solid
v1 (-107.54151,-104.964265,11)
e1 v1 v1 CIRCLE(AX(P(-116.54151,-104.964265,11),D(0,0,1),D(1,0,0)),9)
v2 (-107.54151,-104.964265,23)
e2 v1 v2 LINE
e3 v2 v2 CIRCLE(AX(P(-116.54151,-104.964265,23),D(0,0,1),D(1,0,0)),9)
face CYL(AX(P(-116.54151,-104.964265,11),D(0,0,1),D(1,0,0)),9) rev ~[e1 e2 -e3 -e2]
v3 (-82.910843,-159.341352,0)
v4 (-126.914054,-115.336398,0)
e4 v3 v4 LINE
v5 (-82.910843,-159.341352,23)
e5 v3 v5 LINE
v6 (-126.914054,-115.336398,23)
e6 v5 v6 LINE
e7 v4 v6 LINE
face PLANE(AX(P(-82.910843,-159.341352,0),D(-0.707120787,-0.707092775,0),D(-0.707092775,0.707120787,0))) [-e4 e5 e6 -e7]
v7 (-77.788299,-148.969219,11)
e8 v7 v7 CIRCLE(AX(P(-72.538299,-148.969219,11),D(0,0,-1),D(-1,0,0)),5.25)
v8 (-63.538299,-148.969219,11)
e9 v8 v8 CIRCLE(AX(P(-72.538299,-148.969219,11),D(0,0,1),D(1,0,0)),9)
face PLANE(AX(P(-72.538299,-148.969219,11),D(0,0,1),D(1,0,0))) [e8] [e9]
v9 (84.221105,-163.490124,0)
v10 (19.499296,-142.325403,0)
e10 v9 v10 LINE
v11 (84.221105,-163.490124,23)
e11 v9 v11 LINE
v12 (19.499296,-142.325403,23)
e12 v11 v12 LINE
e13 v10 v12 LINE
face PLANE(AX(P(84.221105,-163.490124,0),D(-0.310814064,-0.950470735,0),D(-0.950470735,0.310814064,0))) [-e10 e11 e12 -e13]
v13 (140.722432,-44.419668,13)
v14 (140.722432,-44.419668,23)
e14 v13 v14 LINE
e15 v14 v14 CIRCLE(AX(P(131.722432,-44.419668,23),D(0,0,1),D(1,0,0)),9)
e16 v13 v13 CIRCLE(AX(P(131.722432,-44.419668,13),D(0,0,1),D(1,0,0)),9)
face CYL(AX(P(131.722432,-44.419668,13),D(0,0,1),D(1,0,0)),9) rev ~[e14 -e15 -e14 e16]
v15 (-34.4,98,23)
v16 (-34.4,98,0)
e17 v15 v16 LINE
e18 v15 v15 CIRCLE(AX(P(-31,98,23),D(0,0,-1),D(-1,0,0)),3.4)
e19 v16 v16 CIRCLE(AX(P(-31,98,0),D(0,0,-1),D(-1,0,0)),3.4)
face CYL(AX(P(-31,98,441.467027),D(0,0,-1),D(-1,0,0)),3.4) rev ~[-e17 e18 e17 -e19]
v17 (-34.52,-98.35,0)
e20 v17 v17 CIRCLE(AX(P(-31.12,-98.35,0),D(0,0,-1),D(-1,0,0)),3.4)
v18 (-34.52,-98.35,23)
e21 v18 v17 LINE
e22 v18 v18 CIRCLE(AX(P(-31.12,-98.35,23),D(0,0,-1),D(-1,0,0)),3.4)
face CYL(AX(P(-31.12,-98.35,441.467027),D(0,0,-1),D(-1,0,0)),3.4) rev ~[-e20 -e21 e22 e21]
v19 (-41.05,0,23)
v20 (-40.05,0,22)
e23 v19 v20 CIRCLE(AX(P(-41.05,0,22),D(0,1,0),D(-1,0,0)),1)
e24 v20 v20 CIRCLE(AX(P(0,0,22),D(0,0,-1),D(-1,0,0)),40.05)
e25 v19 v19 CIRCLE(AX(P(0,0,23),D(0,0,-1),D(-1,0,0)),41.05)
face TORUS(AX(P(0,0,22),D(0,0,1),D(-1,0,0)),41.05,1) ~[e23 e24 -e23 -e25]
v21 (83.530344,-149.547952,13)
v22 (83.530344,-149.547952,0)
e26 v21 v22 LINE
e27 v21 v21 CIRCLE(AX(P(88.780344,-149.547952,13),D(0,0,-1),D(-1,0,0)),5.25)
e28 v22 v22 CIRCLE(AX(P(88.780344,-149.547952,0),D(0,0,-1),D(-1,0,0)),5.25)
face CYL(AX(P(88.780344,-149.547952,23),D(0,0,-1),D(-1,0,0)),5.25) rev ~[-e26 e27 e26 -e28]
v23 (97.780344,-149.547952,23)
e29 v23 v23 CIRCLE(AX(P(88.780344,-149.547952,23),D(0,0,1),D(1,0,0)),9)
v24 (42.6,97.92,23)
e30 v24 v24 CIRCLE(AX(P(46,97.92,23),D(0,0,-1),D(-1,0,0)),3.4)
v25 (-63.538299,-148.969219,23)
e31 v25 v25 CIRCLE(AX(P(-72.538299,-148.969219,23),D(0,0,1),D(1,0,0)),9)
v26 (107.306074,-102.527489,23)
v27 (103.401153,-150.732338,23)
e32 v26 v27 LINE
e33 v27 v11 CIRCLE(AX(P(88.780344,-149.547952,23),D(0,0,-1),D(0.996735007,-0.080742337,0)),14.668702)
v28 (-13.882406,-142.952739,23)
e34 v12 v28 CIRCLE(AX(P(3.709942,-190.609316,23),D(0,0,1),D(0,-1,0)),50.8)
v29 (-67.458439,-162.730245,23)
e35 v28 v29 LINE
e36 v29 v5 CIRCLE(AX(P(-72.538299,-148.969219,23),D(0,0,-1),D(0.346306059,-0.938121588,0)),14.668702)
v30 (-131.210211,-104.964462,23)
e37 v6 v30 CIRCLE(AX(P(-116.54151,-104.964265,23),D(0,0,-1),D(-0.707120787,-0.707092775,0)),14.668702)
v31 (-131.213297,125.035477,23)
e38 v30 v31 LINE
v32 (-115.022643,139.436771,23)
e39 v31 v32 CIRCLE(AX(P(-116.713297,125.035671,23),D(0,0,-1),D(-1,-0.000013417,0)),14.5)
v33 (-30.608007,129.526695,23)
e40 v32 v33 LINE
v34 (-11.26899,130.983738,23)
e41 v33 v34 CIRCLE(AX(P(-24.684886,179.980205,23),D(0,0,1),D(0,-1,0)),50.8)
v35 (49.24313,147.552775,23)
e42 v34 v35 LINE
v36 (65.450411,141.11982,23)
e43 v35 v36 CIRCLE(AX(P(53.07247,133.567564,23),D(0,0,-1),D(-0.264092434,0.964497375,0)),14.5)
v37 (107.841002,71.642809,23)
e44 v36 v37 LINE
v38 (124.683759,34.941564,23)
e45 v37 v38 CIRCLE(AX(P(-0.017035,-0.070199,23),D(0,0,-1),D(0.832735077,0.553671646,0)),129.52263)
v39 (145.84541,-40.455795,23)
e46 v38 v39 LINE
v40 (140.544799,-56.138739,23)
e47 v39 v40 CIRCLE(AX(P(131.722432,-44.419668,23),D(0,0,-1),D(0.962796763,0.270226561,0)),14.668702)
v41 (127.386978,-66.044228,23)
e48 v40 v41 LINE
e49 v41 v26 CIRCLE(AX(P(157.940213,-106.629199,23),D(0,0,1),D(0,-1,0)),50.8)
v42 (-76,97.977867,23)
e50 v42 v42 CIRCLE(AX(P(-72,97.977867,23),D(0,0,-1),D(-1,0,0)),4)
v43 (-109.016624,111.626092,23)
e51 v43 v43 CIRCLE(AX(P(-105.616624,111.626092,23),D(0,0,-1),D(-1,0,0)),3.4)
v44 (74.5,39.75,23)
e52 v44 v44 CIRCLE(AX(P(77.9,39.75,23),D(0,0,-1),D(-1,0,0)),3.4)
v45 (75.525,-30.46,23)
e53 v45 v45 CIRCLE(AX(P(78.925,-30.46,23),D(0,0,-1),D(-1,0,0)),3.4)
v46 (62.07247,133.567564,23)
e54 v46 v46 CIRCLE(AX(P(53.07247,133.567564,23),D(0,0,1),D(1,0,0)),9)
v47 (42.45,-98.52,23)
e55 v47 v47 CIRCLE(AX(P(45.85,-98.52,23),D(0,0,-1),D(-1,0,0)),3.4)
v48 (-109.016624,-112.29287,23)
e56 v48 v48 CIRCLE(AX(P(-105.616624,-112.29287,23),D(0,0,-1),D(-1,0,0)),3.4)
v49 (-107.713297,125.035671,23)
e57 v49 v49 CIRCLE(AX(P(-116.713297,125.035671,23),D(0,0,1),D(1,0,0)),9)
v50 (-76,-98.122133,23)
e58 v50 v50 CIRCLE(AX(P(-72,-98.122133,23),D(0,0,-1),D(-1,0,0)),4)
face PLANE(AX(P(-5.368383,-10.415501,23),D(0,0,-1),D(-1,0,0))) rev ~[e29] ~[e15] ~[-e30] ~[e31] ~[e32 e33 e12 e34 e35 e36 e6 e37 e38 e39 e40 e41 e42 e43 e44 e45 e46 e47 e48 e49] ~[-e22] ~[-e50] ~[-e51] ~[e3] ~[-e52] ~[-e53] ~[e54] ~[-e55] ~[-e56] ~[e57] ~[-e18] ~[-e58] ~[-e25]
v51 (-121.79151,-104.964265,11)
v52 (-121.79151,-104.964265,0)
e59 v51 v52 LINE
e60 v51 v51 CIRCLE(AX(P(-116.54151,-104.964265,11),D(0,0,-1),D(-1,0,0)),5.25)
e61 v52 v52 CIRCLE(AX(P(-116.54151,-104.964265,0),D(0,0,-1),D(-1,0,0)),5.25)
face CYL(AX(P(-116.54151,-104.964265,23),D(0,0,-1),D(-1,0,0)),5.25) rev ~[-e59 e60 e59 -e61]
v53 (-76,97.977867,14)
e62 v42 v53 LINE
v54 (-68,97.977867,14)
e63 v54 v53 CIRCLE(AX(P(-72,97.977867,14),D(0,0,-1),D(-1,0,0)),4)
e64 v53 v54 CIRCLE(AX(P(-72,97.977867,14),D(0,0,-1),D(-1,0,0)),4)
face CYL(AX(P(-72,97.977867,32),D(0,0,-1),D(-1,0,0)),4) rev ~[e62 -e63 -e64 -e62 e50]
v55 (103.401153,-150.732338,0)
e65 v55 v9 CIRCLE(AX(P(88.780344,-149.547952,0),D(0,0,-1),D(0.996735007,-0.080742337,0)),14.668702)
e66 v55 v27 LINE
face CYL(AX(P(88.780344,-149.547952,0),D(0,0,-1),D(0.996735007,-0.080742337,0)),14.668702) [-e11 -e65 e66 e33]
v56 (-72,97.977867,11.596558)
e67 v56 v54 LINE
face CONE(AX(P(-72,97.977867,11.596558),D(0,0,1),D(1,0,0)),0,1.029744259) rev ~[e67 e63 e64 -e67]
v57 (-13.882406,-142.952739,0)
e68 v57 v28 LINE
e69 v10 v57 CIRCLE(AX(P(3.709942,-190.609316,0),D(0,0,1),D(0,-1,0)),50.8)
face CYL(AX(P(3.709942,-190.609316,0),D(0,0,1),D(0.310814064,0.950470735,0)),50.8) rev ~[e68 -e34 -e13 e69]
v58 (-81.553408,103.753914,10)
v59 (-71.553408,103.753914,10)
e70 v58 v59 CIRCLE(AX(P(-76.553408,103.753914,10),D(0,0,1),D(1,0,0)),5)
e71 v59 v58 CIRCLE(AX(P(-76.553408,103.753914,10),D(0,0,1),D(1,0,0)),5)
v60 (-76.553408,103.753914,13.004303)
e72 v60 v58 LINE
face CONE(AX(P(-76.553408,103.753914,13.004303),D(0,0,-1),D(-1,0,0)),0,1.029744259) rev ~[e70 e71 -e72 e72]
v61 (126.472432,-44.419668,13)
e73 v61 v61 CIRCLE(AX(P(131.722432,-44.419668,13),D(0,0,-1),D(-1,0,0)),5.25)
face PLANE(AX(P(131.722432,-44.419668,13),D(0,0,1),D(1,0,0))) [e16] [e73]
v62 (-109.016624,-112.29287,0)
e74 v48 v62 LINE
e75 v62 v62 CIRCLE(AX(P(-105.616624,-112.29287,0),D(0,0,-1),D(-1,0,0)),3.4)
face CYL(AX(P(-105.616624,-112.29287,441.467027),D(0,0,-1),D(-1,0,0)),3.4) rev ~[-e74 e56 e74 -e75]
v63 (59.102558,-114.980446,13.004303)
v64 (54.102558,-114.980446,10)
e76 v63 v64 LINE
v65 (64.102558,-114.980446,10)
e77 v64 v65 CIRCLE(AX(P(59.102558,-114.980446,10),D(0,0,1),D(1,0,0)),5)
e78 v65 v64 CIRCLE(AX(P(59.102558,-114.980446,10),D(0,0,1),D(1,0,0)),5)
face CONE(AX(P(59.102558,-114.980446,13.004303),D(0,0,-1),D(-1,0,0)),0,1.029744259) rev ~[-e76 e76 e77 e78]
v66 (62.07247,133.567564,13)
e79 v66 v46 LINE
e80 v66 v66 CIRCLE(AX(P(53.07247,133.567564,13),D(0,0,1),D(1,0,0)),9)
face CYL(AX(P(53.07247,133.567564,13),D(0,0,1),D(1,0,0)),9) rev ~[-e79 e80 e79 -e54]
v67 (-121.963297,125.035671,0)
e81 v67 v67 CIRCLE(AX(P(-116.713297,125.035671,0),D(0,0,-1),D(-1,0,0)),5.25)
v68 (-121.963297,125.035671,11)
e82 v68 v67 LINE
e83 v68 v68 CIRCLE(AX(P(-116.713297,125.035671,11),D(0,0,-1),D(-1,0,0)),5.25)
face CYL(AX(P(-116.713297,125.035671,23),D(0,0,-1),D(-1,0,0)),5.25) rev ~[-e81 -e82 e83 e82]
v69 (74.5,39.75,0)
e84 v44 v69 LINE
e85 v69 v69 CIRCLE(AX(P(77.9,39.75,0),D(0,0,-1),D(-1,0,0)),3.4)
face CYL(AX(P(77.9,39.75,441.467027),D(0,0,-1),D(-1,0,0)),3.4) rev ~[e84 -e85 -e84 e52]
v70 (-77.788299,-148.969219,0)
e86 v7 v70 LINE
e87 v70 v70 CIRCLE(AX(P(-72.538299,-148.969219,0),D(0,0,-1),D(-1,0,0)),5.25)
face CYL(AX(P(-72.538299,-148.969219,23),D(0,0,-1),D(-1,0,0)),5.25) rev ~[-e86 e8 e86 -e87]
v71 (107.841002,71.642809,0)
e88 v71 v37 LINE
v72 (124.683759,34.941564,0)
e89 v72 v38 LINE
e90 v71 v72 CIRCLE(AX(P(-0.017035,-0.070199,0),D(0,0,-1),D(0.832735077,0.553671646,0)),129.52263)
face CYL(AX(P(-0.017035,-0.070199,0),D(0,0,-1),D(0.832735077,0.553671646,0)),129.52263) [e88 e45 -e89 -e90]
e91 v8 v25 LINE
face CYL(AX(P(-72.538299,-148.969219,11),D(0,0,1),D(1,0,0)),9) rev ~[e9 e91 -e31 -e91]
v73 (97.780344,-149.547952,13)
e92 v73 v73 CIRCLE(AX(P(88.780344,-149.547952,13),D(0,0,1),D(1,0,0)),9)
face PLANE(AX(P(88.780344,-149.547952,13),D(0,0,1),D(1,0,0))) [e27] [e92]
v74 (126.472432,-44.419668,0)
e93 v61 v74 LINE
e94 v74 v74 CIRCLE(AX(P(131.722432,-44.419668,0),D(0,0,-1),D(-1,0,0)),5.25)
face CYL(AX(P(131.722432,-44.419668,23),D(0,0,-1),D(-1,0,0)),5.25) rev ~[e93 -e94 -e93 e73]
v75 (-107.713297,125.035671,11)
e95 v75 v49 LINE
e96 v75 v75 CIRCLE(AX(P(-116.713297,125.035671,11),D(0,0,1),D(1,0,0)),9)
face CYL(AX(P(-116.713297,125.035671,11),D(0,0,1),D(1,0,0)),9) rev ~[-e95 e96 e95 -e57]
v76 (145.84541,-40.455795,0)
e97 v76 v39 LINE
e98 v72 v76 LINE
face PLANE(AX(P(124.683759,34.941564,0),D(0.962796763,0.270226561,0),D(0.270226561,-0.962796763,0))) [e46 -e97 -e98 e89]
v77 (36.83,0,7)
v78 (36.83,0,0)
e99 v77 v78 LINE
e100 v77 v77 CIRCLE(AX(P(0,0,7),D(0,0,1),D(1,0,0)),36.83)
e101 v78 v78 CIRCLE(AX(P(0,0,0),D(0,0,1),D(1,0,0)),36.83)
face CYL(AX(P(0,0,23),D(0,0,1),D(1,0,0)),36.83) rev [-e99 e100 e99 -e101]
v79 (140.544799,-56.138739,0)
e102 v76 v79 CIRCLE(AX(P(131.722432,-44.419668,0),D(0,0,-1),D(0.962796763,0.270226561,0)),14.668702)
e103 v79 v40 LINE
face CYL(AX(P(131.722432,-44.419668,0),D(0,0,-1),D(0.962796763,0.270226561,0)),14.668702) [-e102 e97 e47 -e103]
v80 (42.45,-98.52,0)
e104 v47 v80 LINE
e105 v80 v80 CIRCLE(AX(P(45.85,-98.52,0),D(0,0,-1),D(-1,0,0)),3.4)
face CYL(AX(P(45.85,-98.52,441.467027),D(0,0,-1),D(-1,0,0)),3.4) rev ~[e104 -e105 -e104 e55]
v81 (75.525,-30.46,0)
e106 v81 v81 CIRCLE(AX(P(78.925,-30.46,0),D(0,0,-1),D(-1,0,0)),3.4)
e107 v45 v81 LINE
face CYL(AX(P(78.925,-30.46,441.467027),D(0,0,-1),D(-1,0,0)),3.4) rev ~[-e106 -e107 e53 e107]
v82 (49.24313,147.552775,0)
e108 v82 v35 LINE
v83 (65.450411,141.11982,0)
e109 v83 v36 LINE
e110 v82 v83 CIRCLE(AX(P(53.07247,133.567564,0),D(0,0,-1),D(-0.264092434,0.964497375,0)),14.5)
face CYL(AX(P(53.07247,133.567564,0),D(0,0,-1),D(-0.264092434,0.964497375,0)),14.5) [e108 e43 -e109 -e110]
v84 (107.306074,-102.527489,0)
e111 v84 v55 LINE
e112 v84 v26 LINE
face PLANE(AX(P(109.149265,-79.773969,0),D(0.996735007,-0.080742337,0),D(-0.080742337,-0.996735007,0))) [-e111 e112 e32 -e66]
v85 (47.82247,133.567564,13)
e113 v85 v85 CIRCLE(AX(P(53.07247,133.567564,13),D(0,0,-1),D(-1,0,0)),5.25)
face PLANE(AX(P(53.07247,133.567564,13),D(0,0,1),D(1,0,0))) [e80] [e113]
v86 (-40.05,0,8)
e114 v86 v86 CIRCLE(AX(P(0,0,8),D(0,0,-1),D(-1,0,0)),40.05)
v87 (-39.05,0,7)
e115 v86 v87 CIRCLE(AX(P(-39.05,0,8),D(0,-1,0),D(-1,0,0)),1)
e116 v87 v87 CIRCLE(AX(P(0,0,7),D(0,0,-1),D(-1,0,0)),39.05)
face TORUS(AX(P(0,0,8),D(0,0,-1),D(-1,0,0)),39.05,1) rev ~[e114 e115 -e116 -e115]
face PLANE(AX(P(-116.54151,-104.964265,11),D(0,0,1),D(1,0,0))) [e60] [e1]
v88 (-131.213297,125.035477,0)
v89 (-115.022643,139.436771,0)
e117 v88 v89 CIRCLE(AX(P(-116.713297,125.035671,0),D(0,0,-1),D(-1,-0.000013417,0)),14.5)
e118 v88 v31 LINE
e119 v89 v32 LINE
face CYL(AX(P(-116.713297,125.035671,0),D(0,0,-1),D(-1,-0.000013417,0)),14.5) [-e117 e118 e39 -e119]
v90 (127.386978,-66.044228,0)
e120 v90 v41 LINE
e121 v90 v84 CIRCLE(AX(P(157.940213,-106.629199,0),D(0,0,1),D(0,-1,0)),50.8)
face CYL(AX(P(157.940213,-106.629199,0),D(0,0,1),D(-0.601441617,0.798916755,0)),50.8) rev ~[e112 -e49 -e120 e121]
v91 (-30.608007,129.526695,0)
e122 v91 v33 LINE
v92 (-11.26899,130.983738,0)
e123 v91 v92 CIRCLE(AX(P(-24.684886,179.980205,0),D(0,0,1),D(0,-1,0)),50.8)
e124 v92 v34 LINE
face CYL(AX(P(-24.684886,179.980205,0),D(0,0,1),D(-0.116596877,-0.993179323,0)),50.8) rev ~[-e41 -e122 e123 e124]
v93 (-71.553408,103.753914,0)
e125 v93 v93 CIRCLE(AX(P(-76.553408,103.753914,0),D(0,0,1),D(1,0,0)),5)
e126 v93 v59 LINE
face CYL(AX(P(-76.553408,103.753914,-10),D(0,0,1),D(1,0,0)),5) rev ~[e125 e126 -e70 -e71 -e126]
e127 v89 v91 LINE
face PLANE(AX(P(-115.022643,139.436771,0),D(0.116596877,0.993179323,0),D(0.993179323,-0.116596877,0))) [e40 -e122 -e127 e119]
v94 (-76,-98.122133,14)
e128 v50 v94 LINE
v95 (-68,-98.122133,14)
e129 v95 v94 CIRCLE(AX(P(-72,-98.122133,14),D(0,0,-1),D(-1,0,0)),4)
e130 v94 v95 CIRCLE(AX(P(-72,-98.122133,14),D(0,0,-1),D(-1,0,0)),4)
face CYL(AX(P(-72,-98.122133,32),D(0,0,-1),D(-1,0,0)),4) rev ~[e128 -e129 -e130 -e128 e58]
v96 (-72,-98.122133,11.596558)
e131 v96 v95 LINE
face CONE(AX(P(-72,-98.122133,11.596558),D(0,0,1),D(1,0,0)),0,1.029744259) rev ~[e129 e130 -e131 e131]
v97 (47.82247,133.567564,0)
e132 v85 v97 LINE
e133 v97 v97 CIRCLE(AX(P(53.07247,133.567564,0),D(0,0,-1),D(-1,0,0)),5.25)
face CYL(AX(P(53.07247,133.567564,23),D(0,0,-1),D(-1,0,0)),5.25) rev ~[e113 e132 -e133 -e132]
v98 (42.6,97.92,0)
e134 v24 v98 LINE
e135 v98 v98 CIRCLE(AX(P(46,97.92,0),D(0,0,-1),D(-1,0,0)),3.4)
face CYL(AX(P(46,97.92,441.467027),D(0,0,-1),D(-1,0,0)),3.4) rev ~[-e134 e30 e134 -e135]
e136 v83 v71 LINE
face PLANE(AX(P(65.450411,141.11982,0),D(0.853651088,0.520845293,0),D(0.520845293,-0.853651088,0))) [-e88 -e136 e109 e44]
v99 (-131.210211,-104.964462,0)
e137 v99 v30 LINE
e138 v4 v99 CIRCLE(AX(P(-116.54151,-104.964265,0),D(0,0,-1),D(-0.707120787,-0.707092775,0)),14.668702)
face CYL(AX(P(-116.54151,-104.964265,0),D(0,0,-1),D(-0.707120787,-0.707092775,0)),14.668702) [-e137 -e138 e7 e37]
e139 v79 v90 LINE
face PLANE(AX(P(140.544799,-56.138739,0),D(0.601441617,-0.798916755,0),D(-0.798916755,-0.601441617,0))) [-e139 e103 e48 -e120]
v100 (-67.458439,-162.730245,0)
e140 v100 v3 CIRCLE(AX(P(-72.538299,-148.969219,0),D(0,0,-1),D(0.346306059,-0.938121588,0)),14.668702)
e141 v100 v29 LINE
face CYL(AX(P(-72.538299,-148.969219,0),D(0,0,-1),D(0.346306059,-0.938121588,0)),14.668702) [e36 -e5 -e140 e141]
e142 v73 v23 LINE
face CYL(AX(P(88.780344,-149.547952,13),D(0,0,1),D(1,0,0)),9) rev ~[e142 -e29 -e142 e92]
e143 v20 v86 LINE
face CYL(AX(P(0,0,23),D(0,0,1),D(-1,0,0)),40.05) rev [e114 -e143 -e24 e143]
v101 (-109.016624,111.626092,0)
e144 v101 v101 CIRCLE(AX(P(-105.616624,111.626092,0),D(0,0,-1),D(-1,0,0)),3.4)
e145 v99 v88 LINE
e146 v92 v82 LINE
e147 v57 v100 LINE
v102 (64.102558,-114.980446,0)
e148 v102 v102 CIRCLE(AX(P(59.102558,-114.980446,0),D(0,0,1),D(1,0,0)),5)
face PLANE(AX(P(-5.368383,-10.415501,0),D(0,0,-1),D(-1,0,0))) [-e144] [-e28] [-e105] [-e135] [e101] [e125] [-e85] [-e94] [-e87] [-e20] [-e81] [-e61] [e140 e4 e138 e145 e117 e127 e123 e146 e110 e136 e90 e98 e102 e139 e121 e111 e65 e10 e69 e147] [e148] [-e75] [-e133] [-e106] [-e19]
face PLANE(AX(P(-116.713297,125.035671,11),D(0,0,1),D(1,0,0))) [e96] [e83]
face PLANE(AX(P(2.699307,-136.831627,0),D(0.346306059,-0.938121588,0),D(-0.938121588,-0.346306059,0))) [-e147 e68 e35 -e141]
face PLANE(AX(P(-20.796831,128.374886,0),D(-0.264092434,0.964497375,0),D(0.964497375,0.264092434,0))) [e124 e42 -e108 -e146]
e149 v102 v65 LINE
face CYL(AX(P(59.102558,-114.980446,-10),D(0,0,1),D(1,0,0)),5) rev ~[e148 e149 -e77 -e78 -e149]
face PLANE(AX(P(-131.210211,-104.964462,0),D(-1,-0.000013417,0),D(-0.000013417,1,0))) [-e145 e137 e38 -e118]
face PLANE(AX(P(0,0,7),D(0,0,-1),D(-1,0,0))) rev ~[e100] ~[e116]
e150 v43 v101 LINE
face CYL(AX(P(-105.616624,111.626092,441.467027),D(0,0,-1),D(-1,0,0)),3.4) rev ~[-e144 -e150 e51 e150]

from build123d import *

# Parameters (mm, degrees)
BOSS_EXTRUDE1_DEPTH             = 23
FILLET2_R                       = 50.8
SKETCH2_R                       = 40.05
CUT_EXTRUDE1_DEPTH              = 16
SKETCH5_R                       = 36.83
CUT_EXTRUDE2_DEPTH              = 25.4
FILLET5_R                       = 1
FILLET6_R                       = 1
CBORE_FOR_M10_SHCS7_D           = 10.5
CBORE_FOR_M10_SHCS7_CBORE_D     = 18
CBORE_FOR_M10_SHCS7_CBORE_DEPTH = 12
TAP_DRILL_FOR_M8X1_25_TAP2_D    = 6.8
F_8_0MM_DOWEL_HOLE1_D           = 8
F_8_0MM_DOWEL_HOLE1_DEPTH       = 9
F_8_0MM_DOWEL_HOLE1_TIP         = 2.403442476
F_10_0MM_DOWEL_HOLE3_D          = 10
F_10_0MM_DOWEL_HOLE3_DEPTH      = 10
F_10_0MM_DOWEL_HOLE3_TIP        = 3.004303095
CBORE_FOR_M10_SHCS9_D           = 10.5
CBORE_FOR_M10_SHCS9_CBORE_D     = 18
CBORE_FOR_M10_SHCS9_CBORE_DEPTH = 10


with BuildPart() as part:
    # Sketch1 → Boss-Extrude1 (new body)
    with BuildSketch(Plane.XY):
        with BuildLine():
            Line((84.221105008, -163.490124242), (2.699306526, -136.831626991))
            Line((2.699306526, -136.831626991), (-67.458438584, -162.730244564))
            ThreePointArc((-67.458438584, -162.730244564), (-75.680634631, -163.297391653), (-82.910842941, -159.341351783))
            Line((-82.910842941, -159.341351783), (-126.914053579, -115.336397895))
            ThreePointArc((-126.914053579, -115.336397895), (-130.093640928, -110.577690662), (-131.210211433, -104.964461595))
            Line((-131.210211433, -104.964461595), (-131.213297338, 125.035476514))
            ThreePointArc((-131.213297338, 125.035476514), (-126.350161673, 135.869915187), (-115.02264263, 139.436771249))
            Line((-115.02264263, 139.436771249), (-20.796830867, 128.37488637))
            Line((-20.796830867, 128.37488637), (49.24312976, 147.55277548))
            ThreePointArc((49.24312976, 147.55277548), (58.421803723, 147.044752766), (65.450410839, 141.119820294))
            Line((65.450410839, 141.119820294), (107.841002341, 71.642808501))
            ThreePointArc((107.841002341, 71.642808501), (117.701476238, 53.952608996), (124.683759391, 34.941564155))
            Line((124.683759391, 34.941564155), (145.845410308, -40.455794779))
            ThreePointArc((145.845410308, -40.455794779), (145.61886709, -49.11646402), (140.544799405, -56.138739339))
            Line((140.544799405, -56.138739339), (109.149264581, -79.773969292))
            Line((109.149264581, -79.773969292), (103.401152517, -150.732337669))
            ThreePointArc((103.401152517, -150.732337669), (96.90432541, -161.761540655), (84.221105008, -163.490124242))
        make_face()
    extrude(amount=BOSS_EXTRUDE1_DEPTH)

    # Fillet2
    fillet2_edges = [part.edges().sort_by_distance(p)[0] for p in [
        (109.149264581, -79.773969292, 11.5),
        (2.699306526, -136.831626991, 11.5),
        (-20.796830867, 128.37488637, 11.5),
    ]]
    fillet(fillet2_edges, radius=FILLET2_R)

    # Sketch2 → Cut-Extrude1 (cut)
    with BuildSketch(Plane(origin=(0, 0, 23), x_dir=(-1, 0, 0), z_dir=(0, 0, -1))):
        Circle(SKETCH2_R)
    extrude(amount=CUT_EXTRUDE1_DEPTH, mode=Mode.SUBTRACT)

    # Sketch5 → Cut-Extrude2 (cut)
    with BuildSketch(Plane(origin=(0, 0, 23), x_dir=(-1, 0, 0), z_dir=(0, 0, -1))):
        with Locations(Location((0, 0, 0), (0, 0, 180))):
            Circle(SKETCH5_R)
    extrude(amount=CUT_EXTRUDE2_DEPTH, mode=Mode.SUBTRACT)

    # Fillet5
    fillet5_edges = [part.edges().sort_by_distance(p)[0] for p in [
        (40.05, 0, 23),
    ]]
    fillet(fillet5_edges, radius=FILLET5_R)

    # Fillet6
    fillet6_edges = [part.edges().sort_by_distance(p)[0] for p in [
        (40.05, 0, 7),
    ]]
    fillet(fillet6_edges, radius=FILLET6_R)

    # CBORE for M10 SHCS7 (through all)
    with Locations(Plane.XY.offset(23)):
        with Locations((-116.713297339, 125.03567106), (-116.541509562, -104.964264785), (-72.538298924, -148.969218673)):
            CounterBoreHole(CBORE_FOR_M10_SHCS7_D / 2, CBORE_FOR_M10_SHCS7_CBORE_D / 2, CBORE_FOR_M10_SHCS7_CBORE_DEPTH)

    # Tap Drill for M8x1.25 Tap2 (through all)
    with Locations(Plane.XY.offset(23)):
        with Locations((46, 97.92), (-31, 98), (-105.616623552, 111.626092354), (-105.616623552, -112.292869781), (-31.12, -98.35), (45.85, -98.52), (78.925, -30.46), (77.9, 39.75)):
            Hole(TAP_DRILL_FOR_M8X1_25_TAP2_D / 2)

    # Ø8.0mm Dowel Hole1
    with Locations(Plane.XY.offset(23)):
        with Locations((-72, 97.977867106), (-72, -98.122132894)):
            Hole(F_8_0MM_DOWEL_HOLE1_D / 2, depth=F_8_0MM_DOWEL_HOLE1_DEPTH)
            with Locations((0, 0, -(F_8_0MM_DOWEL_HOLE1_DEPTH + F_8_0MM_DOWEL_HOLE1_TIP / 2))):  # 118° drill point
                Cone(0, F_8_0MM_DOWEL_HOLE1_D / 2, F_8_0MM_DOWEL_HOLE1_TIP, mode=Mode.SUBTRACT)

    # Ø10.0mm Dowel Hole3
    with Locations(Plane(origin=(0, 0, 0), x_dir=(-1, 0, 0), z_dir=(0, 0, -1))):
        with Locations((76.55340813, 103.753913834), (-59.102558089, -114.980445858)):
            Hole(F_10_0MM_DOWEL_HOLE3_D / 2, depth=F_10_0MM_DOWEL_HOLE3_DEPTH)
            with Locations((0, 0, -(F_10_0MM_DOWEL_HOLE3_DEPTH + F_10_0MM_DOWEL_HOLE3_TIP / 2))):  # 118° drill point
                Cone(0, F_10_0MM_DOWEL_HOLE3_D / 2, F_10_0MM_DOWEL_HOLE3_TIP, mode=Mode.SUBTRACT)

    # CBORE for M10 SHCS9 (through all)
    with Locations(Plane.XY.offset(23)):
        with Locations((53.072470058, 133.567563544), (131.722431635, -44.419667636), (88.780343848, -149.547952394)):
            CounterBoreHole(CBORE_FOR_M10_SHCS9_D / 2, CBORE_FOR_M10_SHCS9_CBORE_D / 2, CBORE_FOR_M10_SHCS9_CBORE_DEPTH)


solid = part.part
